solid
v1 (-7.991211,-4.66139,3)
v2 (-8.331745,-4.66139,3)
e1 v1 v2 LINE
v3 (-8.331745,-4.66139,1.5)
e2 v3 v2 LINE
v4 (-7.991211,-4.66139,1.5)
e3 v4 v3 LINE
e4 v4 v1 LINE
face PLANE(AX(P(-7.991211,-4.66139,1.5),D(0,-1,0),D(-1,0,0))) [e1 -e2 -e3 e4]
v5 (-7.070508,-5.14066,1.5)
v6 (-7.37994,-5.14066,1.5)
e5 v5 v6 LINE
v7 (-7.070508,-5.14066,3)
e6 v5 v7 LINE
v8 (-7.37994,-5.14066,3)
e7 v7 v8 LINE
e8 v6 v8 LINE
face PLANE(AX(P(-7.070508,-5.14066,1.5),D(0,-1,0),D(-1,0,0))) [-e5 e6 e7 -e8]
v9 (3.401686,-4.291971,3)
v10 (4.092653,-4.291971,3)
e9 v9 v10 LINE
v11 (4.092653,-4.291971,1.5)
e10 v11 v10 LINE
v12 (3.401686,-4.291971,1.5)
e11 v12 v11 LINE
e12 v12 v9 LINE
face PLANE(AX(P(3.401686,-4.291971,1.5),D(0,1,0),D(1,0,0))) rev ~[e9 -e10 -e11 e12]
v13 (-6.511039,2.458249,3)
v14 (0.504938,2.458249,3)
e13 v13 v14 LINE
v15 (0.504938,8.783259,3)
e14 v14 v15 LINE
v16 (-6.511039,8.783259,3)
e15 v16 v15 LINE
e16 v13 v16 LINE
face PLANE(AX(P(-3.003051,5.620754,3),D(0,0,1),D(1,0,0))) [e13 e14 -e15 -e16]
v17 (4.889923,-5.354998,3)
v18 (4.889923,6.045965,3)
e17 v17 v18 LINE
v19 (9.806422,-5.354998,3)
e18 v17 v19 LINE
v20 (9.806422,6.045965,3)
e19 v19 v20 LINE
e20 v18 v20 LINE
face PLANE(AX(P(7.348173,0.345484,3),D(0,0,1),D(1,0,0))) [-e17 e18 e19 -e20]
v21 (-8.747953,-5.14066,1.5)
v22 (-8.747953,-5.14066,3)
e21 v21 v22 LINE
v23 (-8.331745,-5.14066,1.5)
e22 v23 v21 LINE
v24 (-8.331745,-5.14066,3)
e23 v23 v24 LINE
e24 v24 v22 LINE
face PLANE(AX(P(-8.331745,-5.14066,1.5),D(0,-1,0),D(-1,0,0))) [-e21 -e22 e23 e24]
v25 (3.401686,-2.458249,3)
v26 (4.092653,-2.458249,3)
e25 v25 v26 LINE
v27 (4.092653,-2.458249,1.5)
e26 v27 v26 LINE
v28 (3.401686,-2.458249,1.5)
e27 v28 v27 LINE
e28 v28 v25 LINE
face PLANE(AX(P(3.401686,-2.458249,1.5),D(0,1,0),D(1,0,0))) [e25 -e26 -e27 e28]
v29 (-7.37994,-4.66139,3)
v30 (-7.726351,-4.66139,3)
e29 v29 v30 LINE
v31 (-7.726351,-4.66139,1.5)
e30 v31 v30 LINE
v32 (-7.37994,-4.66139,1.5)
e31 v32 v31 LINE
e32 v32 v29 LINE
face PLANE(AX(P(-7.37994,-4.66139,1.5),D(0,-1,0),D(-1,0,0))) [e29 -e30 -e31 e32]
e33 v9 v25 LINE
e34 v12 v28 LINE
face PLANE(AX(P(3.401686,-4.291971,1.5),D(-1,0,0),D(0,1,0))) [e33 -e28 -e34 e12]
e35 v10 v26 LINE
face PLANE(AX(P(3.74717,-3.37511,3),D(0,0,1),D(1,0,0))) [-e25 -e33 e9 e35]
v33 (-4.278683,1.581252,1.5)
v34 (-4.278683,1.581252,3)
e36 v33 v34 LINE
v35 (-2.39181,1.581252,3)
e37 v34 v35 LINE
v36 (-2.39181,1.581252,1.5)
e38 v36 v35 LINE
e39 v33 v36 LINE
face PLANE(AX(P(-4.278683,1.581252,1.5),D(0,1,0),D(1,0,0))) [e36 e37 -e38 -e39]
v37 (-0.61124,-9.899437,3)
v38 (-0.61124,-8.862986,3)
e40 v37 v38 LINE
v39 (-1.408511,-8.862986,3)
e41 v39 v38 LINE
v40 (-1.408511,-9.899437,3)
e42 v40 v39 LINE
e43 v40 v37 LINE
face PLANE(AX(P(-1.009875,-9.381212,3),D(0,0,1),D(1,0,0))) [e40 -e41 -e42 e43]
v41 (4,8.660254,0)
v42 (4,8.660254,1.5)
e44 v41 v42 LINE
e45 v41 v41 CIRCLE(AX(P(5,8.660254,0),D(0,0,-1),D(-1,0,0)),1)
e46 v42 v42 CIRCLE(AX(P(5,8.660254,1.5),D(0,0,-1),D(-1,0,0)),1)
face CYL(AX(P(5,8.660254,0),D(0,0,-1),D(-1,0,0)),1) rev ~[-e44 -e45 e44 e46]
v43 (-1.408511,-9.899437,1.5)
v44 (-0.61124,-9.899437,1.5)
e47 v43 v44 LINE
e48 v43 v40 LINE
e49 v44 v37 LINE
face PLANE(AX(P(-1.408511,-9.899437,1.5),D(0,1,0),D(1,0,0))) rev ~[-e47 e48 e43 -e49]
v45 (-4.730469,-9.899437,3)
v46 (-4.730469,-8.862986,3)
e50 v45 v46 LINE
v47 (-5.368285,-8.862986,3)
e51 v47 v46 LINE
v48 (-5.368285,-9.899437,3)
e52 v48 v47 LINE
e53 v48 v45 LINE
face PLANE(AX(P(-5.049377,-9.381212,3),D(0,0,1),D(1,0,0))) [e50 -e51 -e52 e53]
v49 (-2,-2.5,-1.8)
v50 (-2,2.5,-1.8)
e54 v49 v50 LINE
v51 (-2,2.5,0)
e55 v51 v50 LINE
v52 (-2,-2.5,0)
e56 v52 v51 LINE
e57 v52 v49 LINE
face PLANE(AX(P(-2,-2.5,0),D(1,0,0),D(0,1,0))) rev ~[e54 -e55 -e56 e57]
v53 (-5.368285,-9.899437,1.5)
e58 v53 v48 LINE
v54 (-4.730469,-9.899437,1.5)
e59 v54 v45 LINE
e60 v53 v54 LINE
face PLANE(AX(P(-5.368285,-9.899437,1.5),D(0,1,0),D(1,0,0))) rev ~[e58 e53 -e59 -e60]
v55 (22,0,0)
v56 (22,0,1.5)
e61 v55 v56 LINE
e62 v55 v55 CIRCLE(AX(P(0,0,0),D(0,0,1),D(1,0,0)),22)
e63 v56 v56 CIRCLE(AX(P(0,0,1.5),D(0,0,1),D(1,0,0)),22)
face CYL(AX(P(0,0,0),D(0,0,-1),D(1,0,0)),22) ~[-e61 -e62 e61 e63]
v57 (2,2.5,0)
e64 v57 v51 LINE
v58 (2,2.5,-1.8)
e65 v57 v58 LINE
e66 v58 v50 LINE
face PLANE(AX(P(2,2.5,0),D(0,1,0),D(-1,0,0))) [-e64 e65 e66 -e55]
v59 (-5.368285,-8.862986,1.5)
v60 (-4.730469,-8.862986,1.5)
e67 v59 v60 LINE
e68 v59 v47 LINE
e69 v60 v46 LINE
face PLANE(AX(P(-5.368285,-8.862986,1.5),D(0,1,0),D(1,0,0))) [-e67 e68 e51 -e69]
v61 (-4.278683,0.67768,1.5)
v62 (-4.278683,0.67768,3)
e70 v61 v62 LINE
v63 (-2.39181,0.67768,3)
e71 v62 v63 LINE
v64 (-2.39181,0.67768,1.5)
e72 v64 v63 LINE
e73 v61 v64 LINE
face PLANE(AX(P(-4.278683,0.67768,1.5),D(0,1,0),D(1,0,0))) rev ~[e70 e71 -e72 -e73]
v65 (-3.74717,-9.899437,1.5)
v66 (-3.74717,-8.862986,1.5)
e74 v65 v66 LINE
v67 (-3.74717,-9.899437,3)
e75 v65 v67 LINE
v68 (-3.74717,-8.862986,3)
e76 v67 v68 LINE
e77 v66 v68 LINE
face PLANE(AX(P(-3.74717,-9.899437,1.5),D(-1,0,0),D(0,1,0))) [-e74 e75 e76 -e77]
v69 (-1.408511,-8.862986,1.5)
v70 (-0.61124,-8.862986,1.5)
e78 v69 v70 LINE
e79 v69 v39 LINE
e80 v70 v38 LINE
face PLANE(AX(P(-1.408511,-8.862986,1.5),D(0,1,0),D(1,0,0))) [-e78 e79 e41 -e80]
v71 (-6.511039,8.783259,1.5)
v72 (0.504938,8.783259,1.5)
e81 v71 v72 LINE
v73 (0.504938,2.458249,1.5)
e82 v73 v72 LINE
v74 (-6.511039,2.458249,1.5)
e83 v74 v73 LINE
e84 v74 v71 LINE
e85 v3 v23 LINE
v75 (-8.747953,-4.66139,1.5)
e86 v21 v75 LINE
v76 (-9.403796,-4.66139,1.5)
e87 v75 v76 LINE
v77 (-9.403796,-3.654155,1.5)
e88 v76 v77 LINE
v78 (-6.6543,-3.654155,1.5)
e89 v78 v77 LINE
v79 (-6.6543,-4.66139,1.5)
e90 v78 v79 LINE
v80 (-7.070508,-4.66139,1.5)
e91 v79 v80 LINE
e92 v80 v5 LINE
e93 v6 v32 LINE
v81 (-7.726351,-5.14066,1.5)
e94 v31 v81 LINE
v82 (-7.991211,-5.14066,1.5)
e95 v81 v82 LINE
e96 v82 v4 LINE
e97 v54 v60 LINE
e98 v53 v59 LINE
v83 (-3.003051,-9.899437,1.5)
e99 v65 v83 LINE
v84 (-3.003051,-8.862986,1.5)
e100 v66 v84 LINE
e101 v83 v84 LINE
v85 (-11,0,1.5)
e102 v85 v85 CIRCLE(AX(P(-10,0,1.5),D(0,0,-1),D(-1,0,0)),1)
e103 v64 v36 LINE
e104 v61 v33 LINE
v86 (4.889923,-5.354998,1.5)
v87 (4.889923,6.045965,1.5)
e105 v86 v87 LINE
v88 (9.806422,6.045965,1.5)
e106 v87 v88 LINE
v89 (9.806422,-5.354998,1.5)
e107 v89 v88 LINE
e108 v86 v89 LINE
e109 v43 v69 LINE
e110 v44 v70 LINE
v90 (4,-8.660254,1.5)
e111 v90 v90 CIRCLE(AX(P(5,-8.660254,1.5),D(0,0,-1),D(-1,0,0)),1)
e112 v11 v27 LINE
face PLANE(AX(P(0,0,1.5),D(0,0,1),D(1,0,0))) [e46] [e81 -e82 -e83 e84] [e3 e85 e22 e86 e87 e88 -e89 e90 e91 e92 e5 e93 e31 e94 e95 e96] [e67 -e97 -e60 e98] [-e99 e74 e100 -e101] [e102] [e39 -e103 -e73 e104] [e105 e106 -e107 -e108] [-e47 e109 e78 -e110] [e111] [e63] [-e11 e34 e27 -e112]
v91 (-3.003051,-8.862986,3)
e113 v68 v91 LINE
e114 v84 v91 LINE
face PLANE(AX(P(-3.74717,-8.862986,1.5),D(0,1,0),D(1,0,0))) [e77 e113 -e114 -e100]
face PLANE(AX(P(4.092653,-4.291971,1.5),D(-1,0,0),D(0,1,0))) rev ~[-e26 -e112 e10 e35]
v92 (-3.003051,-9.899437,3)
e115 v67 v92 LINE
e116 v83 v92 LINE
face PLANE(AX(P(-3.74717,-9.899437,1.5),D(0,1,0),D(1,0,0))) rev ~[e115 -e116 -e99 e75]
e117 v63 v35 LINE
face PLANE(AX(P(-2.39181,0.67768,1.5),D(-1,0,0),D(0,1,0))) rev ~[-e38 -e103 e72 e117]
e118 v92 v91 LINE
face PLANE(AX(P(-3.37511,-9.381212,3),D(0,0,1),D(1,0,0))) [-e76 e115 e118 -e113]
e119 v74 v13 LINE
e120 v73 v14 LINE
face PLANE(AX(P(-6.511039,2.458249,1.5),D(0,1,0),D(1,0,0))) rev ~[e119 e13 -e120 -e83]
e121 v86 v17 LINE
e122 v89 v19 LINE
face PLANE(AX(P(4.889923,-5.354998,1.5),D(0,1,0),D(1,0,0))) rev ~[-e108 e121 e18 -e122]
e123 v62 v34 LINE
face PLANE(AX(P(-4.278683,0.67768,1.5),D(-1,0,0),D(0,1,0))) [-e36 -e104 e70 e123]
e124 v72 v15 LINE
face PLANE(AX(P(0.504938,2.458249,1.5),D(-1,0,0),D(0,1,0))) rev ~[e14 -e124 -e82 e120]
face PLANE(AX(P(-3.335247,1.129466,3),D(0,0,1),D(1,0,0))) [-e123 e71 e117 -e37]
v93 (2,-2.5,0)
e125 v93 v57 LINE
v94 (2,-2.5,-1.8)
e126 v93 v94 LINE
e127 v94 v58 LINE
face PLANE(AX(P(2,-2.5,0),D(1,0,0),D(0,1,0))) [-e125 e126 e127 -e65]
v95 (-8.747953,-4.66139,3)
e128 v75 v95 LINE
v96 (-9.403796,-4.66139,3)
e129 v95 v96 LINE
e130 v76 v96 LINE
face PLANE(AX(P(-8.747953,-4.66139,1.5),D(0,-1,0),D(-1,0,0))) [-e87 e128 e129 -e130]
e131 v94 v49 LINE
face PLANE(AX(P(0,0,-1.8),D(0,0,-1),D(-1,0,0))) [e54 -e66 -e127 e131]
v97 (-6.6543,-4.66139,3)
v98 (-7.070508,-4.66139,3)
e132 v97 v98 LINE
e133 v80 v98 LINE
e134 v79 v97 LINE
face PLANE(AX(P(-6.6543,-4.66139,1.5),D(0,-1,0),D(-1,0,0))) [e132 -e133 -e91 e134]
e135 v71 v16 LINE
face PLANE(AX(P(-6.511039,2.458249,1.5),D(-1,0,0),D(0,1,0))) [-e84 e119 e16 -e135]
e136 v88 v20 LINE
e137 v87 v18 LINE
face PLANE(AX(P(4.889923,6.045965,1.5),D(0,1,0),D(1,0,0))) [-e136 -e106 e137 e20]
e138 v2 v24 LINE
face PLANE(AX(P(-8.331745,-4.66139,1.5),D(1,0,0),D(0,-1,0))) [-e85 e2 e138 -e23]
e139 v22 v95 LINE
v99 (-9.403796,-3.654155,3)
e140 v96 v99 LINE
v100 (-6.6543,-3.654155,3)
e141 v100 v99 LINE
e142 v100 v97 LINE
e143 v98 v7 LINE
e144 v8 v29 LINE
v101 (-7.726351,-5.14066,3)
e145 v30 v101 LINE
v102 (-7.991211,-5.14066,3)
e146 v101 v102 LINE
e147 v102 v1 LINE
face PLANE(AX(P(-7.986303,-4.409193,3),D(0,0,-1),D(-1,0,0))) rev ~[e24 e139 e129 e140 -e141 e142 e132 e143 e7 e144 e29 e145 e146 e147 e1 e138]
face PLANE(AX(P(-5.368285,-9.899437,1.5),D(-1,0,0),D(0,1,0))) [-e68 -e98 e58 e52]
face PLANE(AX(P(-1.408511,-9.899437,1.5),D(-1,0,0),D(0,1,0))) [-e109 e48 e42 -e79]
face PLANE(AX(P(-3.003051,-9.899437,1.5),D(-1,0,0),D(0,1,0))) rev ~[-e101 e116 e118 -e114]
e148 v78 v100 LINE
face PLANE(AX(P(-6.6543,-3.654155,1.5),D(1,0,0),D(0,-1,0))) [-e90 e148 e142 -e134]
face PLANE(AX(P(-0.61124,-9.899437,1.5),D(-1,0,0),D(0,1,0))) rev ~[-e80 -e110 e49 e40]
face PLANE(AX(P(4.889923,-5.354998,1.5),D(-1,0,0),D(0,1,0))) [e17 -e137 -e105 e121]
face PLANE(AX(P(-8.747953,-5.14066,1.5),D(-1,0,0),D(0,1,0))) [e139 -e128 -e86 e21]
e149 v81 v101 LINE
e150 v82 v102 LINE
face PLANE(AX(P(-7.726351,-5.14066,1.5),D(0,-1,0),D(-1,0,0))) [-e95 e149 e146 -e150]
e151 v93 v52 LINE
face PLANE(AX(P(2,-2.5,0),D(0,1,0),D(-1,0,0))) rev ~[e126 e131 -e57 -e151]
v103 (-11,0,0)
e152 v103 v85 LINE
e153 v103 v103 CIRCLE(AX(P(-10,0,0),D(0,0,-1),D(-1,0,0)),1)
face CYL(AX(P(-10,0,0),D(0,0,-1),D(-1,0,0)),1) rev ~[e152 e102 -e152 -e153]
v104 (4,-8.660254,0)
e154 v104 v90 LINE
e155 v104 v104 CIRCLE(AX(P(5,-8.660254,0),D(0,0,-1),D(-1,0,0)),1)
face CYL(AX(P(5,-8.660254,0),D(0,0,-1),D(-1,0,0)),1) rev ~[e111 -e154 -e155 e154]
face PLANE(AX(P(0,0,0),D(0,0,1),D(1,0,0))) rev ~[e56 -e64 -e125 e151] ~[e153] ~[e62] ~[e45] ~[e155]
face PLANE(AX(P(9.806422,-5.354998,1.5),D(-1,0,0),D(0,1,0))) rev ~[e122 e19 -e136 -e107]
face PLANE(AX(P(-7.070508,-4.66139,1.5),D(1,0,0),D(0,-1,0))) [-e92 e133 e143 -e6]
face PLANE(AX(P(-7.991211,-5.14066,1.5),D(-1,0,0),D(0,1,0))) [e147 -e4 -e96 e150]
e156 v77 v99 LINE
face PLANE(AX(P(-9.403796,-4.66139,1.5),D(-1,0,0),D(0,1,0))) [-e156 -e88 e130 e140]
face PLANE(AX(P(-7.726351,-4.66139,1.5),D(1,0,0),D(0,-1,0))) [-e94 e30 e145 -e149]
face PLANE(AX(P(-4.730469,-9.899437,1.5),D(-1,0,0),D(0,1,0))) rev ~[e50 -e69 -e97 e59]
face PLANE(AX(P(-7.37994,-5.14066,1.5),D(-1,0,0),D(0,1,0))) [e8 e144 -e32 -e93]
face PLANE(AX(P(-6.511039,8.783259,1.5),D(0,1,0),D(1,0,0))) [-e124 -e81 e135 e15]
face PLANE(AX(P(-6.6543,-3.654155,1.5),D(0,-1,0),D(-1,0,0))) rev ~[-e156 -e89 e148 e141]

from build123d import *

# Parameters (mm, degrees)
SKETCH_1_R          = 22
EXTRUDE_1_DEPTH     = 1.5
SKETCH_2_W          = 4
SKETCH_2_H          = 5
EXTRUDE_2_DEPTH     = 1.8
SKETCH_3_R          = 1
CUT_EXTRUDE_1_DEPTH = 1.8
SKETCH_4_W          = 7.015976939
SKETCH_4_H          = 6.325009514
SKETCH_4_W_2        = 4.916498991
SKETCH_4_H_2        = 11.400962527
SKETCH_4_W_3        = 1.886872586
SKETCH_4_H_3        = 0.903572787
SKETCH_4_W_4        = 0.637816086
SKETCH_4_H_4        = 1.036451139
SKETCH_4_W_5        = 0.744118766
SKETCH_4_W_6        = 0.797270107
SKETCH_4_W_7        = 0.690967426
SKETCH_4_H_5        = 1.833721246
EXTRUDE_3_DEPTH     = 1.5


with BuildPart() as part:
    # 草图1 → 凸台-拉伸1 (new body)
    with BuildSketch(Plane.XY):
        Circle(SKETCH_1_R)
    extrude(amount=EXTRUDE_1_DEPTH)

    # 草图2 → 凸台-拉伸2 (add)
    with BuildSketch(Plane(origin=(0, 0, 0), x_dir=(-1, 0, 0), z_dir=(0, 0, -1))):
        Rectangle(SKETCH_2_W, SKETCH_2_H)
    extrude(amount=EXTRUDE_2_DEPTH)

    # 草图3 → 切除-拉伸1 (cut)
    with BuildSketch(Plane(origin=(0, 0, 0), x_dir=(-1, 0, 0), z_dir=(0, 0, -1))):
        with Locations((10, 0)):
            Circle(SKETCH_3_R)
        with Locations((-5, 8.660254038)):
            Circle(SKETCH_3_R)
        with Locations((-5, -8.660254038)):
            Circle(SKETCH_3_R)
    extrude(amount=-CUT_EXTRUDE_1_DEPTH, mode=Mode.SUBTRACT)

    # 草图4 → 凸台-拉伸3 (add)
    with BuildSketch(Plane.XY.offset(1.5)):
        Polygon((-8.105579419, -3.654154656), (-6.654300112, -3.654154656), (-6.654300112, -4.661389837), (-7.070508219, -4.661389837), (-7.070508219, -5.140659778), (-7.379939766, -5.140659778), (-7.379939766, -4.661389837), (-7.726351297, -4.661389837), (-7.726351297, -5.140659778), (-7.991211002, -5.140659778), (-7.991211002, -4.661389837), (-8.331744908, -4.661389837), (-8.331744908, -5.140659778), (-8.747953015, -5.140659778), (-8.747953015, -4.661389837), (-9.403796093, -4.661389837), (-9.403796093, -3.654154656), align=None)
        with Locations((-3.003050736, 5.620754253)):
            Rectangle(SKETCH_4_W, SKETCH_4_H)
        with Locations((7.348172818, 0.345483713)):
            Rectangle(SKETCH_4_W_2, SKETCH_4_H_2)
        with Locations((-3.335246613, 1.129465985)):
            Rectangle(SKETCH_4_W_3, SKETCH_4_H_3)
        with Locations((-5.049377343, -9.38121159)):
            Rectangle(SKETCH_4_W_4, SKETCH_4_H_4)
        with Locations((-3.375110119, -9.38121159)):
            Rectangle(SKETCH_4_W_5, SKETCH_4_H_4)
        with Locations((-1.009875468, -9.38121159)):
            Rectangle(SKETCH_4_W_6, SKETCH_4_H_4)
        with Locations((3.747169502, -3.375110119)):
            Rectangle(SKETCH_4_W_7, SKETCH_4_H_5)
    extrude(amount=EXTRUDE_3_DEPTH)


solid = part.part
